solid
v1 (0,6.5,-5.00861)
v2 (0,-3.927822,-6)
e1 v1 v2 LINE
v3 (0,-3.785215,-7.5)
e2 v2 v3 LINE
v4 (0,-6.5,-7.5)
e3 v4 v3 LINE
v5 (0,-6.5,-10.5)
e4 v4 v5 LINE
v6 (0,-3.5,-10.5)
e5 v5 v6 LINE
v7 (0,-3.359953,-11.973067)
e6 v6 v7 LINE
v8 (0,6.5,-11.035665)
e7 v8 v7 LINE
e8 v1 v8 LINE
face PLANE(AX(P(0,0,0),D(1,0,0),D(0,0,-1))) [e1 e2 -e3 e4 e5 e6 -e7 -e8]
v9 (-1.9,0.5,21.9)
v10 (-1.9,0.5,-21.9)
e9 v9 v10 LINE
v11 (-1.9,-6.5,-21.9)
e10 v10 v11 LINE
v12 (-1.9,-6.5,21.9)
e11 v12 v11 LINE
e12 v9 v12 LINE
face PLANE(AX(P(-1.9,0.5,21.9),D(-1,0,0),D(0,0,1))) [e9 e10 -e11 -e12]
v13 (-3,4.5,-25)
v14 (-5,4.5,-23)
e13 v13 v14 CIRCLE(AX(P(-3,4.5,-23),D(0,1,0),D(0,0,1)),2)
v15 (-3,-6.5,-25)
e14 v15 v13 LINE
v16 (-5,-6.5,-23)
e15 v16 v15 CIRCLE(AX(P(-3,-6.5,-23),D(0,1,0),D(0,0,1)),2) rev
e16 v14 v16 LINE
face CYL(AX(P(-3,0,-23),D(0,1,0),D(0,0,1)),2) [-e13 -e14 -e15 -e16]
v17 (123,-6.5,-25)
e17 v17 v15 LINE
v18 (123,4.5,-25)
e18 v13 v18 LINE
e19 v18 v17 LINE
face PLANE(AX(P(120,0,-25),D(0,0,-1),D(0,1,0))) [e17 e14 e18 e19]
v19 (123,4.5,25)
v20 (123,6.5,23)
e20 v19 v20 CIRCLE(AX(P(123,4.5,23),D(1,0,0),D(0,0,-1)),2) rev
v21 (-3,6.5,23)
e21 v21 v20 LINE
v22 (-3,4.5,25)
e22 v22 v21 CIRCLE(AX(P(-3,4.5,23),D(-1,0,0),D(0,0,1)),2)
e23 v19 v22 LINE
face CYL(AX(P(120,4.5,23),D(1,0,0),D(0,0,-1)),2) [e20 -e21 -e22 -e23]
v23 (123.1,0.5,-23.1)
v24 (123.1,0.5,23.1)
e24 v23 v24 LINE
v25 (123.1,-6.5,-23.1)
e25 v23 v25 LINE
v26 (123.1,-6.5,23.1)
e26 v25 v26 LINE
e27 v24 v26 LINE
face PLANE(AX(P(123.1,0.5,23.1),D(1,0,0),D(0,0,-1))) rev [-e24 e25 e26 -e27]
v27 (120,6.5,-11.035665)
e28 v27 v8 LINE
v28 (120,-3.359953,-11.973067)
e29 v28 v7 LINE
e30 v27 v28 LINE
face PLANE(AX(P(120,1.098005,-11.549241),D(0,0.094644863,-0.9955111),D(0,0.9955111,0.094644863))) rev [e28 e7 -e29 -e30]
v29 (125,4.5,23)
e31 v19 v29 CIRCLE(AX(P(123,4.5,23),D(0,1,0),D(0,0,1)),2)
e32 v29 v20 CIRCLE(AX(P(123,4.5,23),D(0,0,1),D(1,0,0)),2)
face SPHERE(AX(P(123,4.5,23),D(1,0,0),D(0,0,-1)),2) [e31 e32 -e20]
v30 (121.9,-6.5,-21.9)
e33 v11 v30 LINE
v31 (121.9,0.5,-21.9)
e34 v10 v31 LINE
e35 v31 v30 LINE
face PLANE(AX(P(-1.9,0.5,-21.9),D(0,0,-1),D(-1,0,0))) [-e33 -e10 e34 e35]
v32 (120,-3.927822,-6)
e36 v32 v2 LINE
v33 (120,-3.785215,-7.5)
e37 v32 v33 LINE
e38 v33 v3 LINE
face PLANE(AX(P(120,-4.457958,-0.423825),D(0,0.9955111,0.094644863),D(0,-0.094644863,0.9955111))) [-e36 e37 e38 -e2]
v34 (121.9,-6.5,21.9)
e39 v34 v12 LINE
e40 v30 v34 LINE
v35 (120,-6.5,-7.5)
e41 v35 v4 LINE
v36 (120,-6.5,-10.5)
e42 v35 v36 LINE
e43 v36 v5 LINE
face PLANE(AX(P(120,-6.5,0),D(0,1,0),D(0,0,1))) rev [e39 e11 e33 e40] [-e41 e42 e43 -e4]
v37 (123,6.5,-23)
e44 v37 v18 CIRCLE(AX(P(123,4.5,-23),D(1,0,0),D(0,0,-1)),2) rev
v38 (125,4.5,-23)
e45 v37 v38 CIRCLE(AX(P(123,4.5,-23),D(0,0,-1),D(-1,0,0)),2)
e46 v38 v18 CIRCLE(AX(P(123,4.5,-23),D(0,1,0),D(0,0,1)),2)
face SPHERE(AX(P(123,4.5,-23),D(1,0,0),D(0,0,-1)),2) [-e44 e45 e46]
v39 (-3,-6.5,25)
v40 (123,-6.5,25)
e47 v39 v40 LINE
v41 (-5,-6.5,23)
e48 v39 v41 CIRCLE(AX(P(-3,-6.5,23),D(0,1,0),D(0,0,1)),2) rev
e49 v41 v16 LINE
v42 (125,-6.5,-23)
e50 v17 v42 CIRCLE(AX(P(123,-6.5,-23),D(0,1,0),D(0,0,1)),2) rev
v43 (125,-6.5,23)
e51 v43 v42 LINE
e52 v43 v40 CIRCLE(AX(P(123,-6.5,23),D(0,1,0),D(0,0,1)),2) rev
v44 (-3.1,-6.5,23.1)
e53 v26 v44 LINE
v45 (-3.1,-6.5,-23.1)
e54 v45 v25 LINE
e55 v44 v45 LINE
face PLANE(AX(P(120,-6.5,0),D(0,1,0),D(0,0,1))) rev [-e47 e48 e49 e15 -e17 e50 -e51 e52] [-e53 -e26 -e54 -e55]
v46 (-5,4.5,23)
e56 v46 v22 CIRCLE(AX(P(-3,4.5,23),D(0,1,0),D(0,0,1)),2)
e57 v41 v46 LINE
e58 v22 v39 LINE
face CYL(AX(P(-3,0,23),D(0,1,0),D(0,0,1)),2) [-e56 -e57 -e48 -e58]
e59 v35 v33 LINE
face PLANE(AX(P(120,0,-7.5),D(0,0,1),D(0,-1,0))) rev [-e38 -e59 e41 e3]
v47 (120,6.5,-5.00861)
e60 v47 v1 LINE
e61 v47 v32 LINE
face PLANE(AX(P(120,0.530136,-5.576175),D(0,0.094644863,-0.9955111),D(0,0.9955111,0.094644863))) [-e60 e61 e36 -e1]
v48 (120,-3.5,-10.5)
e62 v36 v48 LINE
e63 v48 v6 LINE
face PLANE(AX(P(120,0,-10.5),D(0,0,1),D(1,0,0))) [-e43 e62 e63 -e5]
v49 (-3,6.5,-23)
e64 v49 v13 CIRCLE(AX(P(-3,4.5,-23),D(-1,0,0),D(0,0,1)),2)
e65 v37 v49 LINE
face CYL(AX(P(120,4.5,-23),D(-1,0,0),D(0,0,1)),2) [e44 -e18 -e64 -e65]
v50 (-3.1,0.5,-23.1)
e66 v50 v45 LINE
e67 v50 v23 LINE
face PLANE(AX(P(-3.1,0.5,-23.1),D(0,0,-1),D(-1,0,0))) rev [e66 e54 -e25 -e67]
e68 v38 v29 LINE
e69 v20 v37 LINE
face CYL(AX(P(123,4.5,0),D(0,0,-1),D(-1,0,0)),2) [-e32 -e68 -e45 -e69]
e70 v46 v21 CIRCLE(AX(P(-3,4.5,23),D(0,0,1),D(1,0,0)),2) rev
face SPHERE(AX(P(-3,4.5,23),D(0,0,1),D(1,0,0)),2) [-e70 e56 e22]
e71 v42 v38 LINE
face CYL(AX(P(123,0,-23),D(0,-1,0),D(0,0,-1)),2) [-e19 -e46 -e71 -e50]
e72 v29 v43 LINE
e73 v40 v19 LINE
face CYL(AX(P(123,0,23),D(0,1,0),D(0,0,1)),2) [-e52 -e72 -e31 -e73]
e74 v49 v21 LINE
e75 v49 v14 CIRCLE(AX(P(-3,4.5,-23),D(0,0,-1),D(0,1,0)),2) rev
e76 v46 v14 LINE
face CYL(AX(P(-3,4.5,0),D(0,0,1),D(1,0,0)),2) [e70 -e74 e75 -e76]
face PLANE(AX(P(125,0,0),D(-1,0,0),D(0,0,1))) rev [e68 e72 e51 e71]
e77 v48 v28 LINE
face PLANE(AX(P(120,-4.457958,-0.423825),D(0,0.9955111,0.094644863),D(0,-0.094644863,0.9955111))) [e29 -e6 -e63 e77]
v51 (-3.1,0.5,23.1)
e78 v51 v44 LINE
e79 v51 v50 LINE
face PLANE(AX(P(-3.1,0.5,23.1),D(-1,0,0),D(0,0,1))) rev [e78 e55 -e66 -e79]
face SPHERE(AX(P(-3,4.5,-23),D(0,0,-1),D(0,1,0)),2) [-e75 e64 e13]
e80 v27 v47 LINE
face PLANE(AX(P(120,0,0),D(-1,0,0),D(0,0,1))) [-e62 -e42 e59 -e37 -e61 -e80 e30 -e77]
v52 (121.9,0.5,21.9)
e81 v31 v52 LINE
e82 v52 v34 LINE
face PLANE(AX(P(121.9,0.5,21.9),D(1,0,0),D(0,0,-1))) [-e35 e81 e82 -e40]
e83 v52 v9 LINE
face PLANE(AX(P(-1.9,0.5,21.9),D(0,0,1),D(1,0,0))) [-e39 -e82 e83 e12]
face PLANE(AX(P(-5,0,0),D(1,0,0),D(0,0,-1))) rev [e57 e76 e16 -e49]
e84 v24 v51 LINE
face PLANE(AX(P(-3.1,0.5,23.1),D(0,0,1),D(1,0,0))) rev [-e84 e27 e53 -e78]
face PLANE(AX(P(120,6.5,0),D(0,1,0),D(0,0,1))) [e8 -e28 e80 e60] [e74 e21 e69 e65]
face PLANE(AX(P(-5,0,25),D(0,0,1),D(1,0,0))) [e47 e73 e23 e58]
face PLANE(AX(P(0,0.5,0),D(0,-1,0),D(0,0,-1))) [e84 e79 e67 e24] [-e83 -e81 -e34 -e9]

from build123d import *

# Parameters (mm, degrees)
P_IDAT_VYSUNUT_M10_DEPTH   = 120
P_IDAT_VYSUNUT_M10_2_DEPTH = 120
SKICA8_3_W                 = 50
SKICA8_3_H                 = 13
P_IDAT_VYSUNUT_M11_DEPTH   = 5
SKICA12_W                  = 50
SKICA12_H                  = 13
P_IDAT_VYSUNUT_M13_DEPTH   = 5
SKICA13_W                  = 126.2
SKICA13_H                  = 46.2
SKICA13_W_2                = 123.8
SKICA13_H_2                = 43.8
ODEBRAT_VYSUNUT_M1_DEPTH   = 7
ZAOBLIT2_R                 = 2


with BuildPart() as part:
    # Skica8 → Přidat vysunutím10 (new body)
    with BuildSketch(Plane(origin=(0, 0, 0), x_dir=(0, 0, -1), z_dir=(1, 0, 0))):
        Polygon((6, -3.927822333), (5.008609938, 6.5), (-25, 6.5), (-25, -6.5), (7.5, -6.5), (7.5, -3.785214889), align=None)
    extrude(amount=P_IDAT_VYSUNUT_M10_DEPTH)



with BuildPart() as body_2:
    # Skica8 → P_idat vysunut_m10 2 (new body)
    with BuildSketch(Plane(origin=(0, 0, 0), x_dir=(0, 0, -1), z_dir=(1, 0, 0))):
        Polygon((25, 6.5), (11.035664785, 6.5), (11.973066599, -3.359953158), (10.5, -3.5), (10.5, -6.5), (25, -6.5), align=None)
    extrude(amount=P_IDAT_VYSUNUT_M10_2_DEPTH)


with BuildPart() as part_1:
    add(part.part)

    add(body_2.part)  # Přidat vysunutím11 merges body 2
    # Skica8<3> → Přidat vysunutím11 (add)
    with BuildSketch(Plane(origin=(0, 0, 0), x_dir=(0, 0, -1), z_dir=(1, 0, 0))):
        Rectangle(SKICA8_3_W, SKICA8_3_H)
    extrude(amount=-P_IDAT_VYSUNUT_M11_DEPTH)

    # Skica12 → Přidat vysunutím13 (add)
    with BuildSketch(Plane(origin=(120, 0, 0), x_dir=(0, 0, -1), z_dir=(1, 0, 0))):
        Rectangle(SKICA12_W, SKICA12_H)
    extrude(amount=P_IDAT_VYSUNUT_M13_DEPTH)

    # Skica13 → Odebrat vysunutím1 (cut)
    with BuildSketch(Plane.XZ.offset(6.5)):
        with Locations((60, 0)):
            Rectangle(SKICA13_W, SKICA13_H)
        with Locations((60, 0)):
            Rectangle(SKICA13_W_2, SKICA13_H_2, mode=Mode.SUBTRACT)
    extrude(amount=-ODEBRAT_VYSUNUT_M1_DEPTH, mode=Mode.SUBTRACT)

    # Zaoblit2
    zaoblit2_edges = [part_1.edges().sort_by_distance(p)[0] for p in [
        (-5, 6.5, 0),
        (60, 6.5, -25),
        (125, 6.5, 0),
        (60, 6.5, 25),
        (125, 0, 25),
        (-5, 0, 25),
        (-5, 0, -25),
        (125, 0, -25),
    ]]
    fillet(zaoblit2_edges, radius=ZAOBLIT2_R)


solid = part_1.part
